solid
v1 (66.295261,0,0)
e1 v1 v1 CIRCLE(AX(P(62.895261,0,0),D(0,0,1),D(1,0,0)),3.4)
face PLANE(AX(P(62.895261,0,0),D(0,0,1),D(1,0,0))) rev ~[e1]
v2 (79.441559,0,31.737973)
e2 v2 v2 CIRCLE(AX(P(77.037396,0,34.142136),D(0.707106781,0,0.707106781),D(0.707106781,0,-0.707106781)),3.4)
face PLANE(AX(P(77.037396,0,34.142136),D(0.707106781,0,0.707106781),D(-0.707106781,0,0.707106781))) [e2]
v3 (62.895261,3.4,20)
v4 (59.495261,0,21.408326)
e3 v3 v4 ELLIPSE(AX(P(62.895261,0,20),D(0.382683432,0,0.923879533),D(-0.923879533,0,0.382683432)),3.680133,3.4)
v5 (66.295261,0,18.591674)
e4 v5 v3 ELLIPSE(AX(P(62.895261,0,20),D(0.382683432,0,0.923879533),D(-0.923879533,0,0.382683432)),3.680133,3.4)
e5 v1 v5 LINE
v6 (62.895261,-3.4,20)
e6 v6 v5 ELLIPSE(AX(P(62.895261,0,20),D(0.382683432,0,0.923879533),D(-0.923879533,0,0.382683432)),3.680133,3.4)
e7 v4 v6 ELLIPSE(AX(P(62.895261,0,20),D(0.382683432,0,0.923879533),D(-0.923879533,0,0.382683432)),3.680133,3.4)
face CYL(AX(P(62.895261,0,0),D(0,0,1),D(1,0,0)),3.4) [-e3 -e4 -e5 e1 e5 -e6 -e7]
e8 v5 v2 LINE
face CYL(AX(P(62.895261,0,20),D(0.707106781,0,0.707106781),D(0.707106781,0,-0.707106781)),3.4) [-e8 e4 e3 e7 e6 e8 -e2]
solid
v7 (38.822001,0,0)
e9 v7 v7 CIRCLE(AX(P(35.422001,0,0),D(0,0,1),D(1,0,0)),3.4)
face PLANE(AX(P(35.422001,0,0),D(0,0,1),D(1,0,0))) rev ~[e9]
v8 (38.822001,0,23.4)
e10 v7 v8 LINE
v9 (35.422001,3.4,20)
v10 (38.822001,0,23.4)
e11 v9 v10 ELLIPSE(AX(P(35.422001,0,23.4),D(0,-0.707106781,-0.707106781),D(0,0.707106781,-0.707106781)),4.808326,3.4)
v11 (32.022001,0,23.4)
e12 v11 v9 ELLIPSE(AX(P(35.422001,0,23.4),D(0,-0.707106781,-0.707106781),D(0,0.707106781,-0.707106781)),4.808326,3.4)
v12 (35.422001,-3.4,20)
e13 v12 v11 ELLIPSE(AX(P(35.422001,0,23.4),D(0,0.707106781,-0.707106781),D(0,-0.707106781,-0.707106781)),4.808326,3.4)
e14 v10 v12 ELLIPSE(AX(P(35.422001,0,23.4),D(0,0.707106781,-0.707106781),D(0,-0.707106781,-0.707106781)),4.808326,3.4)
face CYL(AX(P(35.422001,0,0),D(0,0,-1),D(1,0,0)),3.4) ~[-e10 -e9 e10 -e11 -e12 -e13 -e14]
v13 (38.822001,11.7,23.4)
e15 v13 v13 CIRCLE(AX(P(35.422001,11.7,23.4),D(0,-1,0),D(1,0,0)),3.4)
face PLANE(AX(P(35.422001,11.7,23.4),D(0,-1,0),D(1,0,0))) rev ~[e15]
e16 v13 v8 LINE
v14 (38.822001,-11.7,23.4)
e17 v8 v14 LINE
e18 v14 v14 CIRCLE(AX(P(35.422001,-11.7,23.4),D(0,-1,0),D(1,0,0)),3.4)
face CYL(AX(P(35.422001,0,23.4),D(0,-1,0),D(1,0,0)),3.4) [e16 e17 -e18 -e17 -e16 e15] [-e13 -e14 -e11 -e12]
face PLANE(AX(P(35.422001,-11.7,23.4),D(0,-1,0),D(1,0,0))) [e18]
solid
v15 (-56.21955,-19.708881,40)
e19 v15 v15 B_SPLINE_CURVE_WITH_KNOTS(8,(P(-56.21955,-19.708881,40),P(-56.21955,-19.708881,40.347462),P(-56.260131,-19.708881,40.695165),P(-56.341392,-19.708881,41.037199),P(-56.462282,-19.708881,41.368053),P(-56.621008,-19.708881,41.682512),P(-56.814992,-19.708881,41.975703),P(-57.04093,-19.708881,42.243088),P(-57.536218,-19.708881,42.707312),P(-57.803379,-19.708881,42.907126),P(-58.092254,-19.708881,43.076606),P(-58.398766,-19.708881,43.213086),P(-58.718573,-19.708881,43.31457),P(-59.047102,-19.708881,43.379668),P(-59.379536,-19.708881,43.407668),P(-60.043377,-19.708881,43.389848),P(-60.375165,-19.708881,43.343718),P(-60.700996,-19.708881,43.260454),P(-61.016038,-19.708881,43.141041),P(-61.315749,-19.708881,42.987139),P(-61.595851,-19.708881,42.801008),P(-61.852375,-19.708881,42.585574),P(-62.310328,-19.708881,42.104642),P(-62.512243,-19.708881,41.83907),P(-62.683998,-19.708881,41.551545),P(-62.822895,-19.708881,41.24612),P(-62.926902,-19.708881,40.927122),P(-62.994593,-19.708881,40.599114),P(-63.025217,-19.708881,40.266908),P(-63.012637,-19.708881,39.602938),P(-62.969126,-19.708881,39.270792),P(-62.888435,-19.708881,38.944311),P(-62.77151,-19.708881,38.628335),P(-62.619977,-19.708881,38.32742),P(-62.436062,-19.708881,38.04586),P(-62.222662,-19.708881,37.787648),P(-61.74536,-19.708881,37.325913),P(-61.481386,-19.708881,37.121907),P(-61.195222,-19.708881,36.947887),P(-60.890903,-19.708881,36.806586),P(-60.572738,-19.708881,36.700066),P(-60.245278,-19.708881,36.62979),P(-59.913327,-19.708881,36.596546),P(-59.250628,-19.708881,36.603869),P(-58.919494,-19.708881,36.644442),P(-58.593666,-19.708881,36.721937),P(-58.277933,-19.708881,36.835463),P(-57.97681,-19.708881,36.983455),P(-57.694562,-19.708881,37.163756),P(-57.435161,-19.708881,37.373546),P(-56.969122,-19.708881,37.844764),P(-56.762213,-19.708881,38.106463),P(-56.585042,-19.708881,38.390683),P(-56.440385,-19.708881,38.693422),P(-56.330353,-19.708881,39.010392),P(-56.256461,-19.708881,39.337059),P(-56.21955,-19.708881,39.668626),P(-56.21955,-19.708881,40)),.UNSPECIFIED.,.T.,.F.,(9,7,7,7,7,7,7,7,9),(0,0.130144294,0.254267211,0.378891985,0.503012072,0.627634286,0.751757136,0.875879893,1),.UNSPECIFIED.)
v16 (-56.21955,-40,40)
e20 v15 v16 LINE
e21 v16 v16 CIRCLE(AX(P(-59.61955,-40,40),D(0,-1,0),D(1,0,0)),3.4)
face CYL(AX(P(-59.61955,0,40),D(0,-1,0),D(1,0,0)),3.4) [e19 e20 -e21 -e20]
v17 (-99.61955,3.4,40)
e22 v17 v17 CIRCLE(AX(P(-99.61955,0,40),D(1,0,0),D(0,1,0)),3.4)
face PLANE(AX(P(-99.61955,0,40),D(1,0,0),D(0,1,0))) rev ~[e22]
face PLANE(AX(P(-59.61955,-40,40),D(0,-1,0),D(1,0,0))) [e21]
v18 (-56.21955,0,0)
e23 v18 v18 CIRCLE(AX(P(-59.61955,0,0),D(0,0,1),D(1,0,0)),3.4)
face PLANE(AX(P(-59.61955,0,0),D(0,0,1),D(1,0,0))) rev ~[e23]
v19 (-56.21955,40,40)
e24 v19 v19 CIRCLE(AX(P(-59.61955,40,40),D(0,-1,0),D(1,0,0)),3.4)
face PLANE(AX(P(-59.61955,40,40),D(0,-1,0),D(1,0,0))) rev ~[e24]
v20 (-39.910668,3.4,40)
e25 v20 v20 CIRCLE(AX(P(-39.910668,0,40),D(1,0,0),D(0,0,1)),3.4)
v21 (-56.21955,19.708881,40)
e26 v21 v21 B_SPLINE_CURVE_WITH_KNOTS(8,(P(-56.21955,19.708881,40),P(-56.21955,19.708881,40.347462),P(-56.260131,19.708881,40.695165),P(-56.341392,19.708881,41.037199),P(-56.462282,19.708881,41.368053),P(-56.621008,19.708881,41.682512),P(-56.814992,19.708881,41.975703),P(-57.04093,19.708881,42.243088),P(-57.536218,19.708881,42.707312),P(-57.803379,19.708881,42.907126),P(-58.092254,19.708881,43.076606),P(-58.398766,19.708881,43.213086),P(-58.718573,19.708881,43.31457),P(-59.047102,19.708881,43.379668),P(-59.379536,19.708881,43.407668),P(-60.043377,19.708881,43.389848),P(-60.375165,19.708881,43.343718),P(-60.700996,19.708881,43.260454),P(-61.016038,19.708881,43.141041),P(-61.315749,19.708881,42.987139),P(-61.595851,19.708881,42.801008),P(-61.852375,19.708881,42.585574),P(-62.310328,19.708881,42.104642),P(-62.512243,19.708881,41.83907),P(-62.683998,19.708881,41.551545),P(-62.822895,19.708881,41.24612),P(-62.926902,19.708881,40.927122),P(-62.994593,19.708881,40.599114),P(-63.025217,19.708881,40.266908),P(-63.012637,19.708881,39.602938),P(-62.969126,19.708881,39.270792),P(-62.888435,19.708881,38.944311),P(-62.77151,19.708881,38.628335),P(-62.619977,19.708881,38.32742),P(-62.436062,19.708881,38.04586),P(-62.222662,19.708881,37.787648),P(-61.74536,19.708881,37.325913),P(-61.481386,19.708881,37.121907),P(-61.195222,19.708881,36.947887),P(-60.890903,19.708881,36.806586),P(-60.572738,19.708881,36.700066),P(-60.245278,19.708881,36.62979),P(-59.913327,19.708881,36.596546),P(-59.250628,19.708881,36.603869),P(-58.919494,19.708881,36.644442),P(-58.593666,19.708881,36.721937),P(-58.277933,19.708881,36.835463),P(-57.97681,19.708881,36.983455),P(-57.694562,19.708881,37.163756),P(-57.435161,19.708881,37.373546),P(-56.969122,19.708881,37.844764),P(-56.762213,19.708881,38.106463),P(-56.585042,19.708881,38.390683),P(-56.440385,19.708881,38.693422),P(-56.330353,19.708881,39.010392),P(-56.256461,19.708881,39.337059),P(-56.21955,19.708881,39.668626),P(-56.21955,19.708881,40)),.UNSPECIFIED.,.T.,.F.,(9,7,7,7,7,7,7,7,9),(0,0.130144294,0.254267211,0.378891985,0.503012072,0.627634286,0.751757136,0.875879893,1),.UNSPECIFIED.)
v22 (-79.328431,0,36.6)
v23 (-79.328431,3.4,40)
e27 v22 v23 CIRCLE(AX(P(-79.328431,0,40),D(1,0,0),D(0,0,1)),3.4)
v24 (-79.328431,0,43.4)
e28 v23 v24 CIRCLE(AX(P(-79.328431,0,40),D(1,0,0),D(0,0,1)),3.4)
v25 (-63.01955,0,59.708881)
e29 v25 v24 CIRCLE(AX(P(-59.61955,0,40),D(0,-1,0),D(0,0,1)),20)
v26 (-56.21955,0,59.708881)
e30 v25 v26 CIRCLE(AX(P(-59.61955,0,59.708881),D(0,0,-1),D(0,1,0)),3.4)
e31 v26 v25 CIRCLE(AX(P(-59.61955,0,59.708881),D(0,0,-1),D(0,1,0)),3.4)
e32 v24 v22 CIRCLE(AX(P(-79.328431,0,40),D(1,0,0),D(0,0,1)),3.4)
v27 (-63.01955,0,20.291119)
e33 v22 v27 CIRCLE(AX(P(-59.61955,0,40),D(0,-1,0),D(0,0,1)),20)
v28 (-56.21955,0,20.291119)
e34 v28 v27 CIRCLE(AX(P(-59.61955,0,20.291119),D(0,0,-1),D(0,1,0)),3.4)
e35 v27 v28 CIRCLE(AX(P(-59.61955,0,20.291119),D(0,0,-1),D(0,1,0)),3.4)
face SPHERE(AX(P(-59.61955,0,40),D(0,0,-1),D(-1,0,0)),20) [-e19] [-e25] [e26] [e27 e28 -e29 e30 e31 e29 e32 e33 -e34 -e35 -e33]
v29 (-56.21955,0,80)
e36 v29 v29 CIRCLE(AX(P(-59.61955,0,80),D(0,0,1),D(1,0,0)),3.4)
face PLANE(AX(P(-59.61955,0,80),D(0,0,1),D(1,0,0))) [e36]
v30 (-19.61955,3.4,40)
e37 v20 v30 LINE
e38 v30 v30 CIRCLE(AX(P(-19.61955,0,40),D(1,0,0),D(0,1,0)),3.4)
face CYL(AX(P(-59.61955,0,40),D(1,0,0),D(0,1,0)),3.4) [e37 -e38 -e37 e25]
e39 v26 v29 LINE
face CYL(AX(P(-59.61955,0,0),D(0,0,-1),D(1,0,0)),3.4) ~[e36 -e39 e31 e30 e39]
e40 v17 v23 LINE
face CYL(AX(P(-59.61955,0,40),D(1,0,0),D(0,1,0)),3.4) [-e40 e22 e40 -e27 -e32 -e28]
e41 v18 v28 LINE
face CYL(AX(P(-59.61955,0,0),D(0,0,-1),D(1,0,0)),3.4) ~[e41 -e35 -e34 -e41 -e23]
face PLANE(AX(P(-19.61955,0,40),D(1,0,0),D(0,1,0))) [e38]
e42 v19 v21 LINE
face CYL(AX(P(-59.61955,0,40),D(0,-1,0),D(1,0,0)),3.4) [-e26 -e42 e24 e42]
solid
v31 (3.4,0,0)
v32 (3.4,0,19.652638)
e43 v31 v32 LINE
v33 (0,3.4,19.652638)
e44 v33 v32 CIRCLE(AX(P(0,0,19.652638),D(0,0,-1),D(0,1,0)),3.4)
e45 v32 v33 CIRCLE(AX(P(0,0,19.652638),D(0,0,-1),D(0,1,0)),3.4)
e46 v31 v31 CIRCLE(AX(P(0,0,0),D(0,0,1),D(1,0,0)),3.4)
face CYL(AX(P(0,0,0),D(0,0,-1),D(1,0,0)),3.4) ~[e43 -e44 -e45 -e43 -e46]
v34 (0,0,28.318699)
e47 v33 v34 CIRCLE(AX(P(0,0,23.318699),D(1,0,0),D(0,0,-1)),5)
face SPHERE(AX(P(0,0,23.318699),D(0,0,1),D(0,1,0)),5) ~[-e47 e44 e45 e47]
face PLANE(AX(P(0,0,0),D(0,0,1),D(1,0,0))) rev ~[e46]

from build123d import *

# Parameters (mm, degrees)
F0_R      = 3.4
F1_DEPTH  = 20
F4_R      = 3.4
F5_DEPTH  = 23.4
F6_R      = 3.4
F7_DEPTH  = 11.7
F9_R      = 3.4
F11_R     = 3.4
F12_DEPTH = 80
F13_R     = 3.4
F14_DEPTH = 40
F17_R     = 3.4
F18_DEPTH = 40


with BuildPart() as f1:
    # F0 (on Top) → F1 (new body)
    with BuildSketch(Plane.XY):
        Circle(F0_R)
    extrude(amount=F1_DEPTH)

    # F2 (on Right) → F3 (revolve)
    with BuildSketch(Plane.YZ):
        with BuildLine():
            Line((0, 28.3186986297), (0, 18.3186986297))
            ThreePointArc((0, 18.3186986297), (5, 23.3186986297), (0, 28.3186986297))
        make_face()
    revolve(axis=Axis((0, 0, 0), (0, 0, -1)))


with BuildPart() as f5:
    # F4 (on Top) → F5 (new body)
    with BuildSketch(Plane.XY):
        with Locations((35.422001034, 0)):
            Circle(F4_R)
    extrude(amount=F5_DEPTH)

    # F6 (on Front) → F7 (join, symmetric)
    with BuildSketch(Plane.XZ):
        with Locations((35.422001034, 23.4)):
            Circle(F6_R)
    extrude(amount=F7_DEPTH, both=True)


with BuildPart() as f10:
    # F10: sweep along a path in F8
    with BuildLine(Plane.XZ) as f10_path:
        Line((62.8952607512, 0), (62.8952607512, 20))
        Line((62.8952607512, 20), (77.037396375, 34.1421356237))
    # F9 (on Top) → F10 (sweep)
    with BuildSketch(Plane.XY):
        with Locations((62.8952607512, 0)):
            Circle(F9_R)
    sweep(path=f10_path.line, transition=Transition.RIGHT)


with BuildPart() as f12:
    # F11 (on Top) → F12 (new body)
    with BuildSketch(Plane.XY):
        with Locations((-59.6195495504, 0)):
            Circle(F11_R)
    extrude(amount=F12_DEPTH)

    # F13 (on Front) → F14 (join, symmetric)
    with BuildSketch(Plane.XZ):
        with Locations((-59.6195495504, 40)):
            Circle(F13_R)
    extrude(amount=F14_DEPTH, both=True)

    # F17 (on plane+point) → F18 (join, symmetric)
    with BuildSketch(Plane.YZ.offset(-59.6195495504)):
        with Locations((0, 40)):
            Circle(F17_R)
    extrude(amount=F18_DEPTH, both=True)

    # F19 (on Front) → F20 (revolve)
    with BuildSketch(Plane.XZ):
        with BuildLine():
            Line((-59.6195495504, 20), (-59.6195495504, 60))
            ThreePointArc((-59.6195495504, 60), (-79.6195495504, 40), (-59.6195495504, 20))
        make_face()
    revolve(axis=Axis((-59.6195495504, 0, 40), (0, 0, -1)))


solid = Compound([f1.part, f5.part, f10.part, f12.part])
